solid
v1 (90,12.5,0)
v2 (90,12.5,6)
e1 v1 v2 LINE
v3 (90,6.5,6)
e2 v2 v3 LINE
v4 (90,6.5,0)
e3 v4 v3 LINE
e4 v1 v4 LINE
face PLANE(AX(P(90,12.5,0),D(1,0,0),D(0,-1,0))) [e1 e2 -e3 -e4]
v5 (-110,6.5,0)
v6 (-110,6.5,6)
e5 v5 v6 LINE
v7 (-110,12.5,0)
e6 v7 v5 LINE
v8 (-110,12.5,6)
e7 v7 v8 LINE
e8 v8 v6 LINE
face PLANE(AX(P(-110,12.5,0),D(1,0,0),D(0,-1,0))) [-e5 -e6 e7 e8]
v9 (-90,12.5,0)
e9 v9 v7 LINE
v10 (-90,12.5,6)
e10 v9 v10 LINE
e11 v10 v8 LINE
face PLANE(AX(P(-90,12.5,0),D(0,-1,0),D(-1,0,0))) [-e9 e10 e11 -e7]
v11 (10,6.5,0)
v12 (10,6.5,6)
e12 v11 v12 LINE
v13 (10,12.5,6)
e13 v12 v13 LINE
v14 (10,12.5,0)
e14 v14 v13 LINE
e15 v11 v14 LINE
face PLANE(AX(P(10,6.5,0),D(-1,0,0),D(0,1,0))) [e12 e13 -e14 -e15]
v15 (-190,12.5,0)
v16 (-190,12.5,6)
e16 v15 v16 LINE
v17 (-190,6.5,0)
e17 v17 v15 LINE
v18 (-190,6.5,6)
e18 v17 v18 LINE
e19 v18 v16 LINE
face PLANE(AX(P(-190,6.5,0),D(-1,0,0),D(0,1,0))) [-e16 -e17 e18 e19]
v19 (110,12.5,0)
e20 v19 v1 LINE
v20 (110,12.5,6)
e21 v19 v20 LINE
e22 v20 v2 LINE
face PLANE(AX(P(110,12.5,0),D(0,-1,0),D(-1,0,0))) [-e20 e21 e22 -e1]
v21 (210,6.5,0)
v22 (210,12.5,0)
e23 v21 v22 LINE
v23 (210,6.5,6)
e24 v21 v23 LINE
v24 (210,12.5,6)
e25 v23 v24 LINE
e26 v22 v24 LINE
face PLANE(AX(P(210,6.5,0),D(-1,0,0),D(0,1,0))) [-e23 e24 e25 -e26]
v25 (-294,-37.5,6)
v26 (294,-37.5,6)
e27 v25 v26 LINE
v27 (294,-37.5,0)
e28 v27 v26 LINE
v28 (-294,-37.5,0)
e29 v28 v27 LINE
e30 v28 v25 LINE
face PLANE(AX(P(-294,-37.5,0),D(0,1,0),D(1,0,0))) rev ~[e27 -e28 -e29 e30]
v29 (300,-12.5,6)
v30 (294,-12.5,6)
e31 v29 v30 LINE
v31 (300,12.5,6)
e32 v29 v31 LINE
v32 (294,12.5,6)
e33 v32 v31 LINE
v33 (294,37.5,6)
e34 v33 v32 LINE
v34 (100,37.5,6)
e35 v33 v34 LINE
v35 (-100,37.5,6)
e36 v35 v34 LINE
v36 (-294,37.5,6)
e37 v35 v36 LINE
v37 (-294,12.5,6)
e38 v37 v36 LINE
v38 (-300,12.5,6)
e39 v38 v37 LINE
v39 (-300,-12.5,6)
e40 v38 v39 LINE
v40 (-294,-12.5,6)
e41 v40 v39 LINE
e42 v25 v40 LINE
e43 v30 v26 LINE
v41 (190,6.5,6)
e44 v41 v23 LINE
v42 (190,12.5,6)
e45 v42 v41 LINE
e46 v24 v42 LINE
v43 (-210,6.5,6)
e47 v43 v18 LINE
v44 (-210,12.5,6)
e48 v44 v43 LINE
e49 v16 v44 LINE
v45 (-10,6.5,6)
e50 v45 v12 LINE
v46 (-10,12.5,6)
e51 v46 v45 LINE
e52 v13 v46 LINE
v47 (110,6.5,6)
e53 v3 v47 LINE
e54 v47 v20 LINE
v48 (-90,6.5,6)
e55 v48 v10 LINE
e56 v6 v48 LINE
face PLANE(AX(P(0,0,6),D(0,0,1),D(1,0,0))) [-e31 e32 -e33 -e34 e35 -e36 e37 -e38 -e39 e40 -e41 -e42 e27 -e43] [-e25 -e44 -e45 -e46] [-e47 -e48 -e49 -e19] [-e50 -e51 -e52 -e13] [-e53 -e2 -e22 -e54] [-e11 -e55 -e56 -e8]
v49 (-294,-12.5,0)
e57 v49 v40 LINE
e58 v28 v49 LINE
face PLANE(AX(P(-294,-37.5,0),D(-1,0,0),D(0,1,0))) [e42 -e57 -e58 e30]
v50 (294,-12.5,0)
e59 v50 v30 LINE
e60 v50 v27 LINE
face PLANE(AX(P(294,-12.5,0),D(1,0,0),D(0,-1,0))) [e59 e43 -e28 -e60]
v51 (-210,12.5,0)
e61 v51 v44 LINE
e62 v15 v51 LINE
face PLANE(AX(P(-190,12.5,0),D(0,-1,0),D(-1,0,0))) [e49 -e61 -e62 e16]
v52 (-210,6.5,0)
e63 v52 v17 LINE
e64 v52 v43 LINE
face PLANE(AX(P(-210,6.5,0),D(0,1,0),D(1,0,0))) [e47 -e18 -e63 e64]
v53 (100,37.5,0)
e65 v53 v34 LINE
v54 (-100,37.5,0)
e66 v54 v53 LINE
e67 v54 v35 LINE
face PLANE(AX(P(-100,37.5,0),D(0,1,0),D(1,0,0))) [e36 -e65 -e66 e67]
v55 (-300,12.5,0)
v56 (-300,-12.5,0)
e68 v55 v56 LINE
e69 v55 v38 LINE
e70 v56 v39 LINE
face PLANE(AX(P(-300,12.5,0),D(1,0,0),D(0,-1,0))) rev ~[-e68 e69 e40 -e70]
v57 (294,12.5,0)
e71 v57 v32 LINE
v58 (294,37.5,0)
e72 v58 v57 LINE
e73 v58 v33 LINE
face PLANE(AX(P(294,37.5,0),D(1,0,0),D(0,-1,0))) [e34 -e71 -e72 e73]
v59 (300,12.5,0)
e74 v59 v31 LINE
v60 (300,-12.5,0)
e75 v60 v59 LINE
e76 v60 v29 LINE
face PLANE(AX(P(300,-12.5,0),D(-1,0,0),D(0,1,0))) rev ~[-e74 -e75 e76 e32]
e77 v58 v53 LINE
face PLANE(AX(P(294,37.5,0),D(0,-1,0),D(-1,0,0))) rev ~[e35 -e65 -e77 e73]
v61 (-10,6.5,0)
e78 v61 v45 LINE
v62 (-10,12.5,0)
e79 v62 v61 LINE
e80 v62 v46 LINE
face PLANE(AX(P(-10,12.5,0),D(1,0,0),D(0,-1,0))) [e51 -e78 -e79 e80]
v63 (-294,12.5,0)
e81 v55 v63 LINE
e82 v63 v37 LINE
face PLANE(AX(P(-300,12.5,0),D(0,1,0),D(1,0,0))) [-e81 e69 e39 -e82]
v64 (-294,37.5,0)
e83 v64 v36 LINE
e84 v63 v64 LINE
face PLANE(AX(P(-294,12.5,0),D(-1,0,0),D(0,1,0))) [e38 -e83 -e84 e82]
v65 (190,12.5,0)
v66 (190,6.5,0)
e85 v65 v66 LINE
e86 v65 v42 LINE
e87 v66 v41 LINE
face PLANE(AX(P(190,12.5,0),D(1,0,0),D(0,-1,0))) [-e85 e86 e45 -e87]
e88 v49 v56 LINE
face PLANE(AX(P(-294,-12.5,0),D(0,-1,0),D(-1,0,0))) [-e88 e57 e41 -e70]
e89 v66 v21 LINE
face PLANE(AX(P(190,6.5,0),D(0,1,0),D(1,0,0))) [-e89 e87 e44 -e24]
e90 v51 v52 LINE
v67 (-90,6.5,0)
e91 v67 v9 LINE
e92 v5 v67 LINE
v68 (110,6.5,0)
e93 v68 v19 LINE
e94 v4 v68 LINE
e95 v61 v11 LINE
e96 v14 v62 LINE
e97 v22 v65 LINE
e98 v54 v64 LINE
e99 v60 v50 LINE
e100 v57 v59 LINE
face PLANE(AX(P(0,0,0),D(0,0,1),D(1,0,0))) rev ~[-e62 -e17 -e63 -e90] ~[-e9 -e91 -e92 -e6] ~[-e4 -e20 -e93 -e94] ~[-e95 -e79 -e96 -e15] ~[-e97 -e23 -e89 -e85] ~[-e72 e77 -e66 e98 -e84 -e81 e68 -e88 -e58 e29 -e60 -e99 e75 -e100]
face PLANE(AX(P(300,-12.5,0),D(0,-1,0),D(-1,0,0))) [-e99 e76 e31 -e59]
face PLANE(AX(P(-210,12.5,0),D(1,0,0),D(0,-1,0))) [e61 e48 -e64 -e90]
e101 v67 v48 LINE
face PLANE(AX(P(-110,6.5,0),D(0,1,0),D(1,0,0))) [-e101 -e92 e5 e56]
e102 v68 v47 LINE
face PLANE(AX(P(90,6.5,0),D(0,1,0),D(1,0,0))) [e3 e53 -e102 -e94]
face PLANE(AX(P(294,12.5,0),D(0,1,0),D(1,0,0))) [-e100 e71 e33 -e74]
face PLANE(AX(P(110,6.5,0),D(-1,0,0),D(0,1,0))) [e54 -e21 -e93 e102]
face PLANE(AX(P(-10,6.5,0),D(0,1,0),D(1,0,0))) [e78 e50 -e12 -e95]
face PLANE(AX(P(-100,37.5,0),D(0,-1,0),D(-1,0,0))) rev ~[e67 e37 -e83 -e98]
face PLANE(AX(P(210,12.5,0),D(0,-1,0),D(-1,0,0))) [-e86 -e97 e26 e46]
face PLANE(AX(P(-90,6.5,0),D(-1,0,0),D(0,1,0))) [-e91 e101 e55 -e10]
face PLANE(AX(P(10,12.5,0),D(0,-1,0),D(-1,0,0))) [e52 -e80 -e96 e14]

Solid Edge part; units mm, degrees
sketch "Sketch1" plane through (0, 0, 0) normal (0, 0, 1) x (1, 0, 0)
  line L0 (-210, 6.5) -> (-190, 6.5)
  line L1 (-190, 6.5) -> (-190, 12.5)
  line L2 (-190, 12.5) -> (-210, 12.5)
  line L3 (-210, 12.5) -> (-210, 6.5)
  line L4 (-110, 6.5) -> (-90, 6.5)
  line L5 (-90, 6.5) -> (-90, 12.5)
  line L6 (-90, 12.5) -> (-110, 12.5)
  line L7 (-110, 12.5) -> (-110, 6.5)
  line L8 (-10, 6.5) -> (10, 6.5)
  line L9 (10, 6.5) -> (10, 12.5)
  line L10 (10, 12.5) -> (-10, 12.5)
  line L11 (-10, 12.5) -> (-10, 6.5)
  line L12 (90, 6.5) -> (110, 6.5)
  line L13 (110, 6.5) -> (110, 12.5)
  line L14 (110, 12.5) -> (90, 12.5)
  line L15 (90, 12.5) -> (90, 6.5)
  line L16 (190, 6.5) -> (210, 6.5)
  line L17 (210, 6.5) -> (210, 12.5)
  line L18 (210, 12.5) -> (190, 12.5)
  line L19 (190, 12.5) -> (190, 6.5)
  line L20 (-294, -37.5) -> (294, -37.5)
  line L21 (294, -12.5) -> (294, -37.5)
  line L22 (300, -12.5) -> (294, -12.5)
  line L23 (300, -12.5) -> (300, 12.5)
  line L24 (294, 12.5) -> (300, 12.5)
  line L25 (294, 37.5) -> (294, 12.5)
  line L26 (294, 37.5) -> (100, 37.5)
  line L27 (-100, 37.5) -> (100, 37.5)
  line L28 (-100, 37.5) -> (-294, 37.5)
  line L29 (-294, 12.5) -> (-294, 37.5)
  line L30 (-300, 12.5) -> (-294, 12.5)
  line L31 (-300, 12.5) -> (-300, -12.5)
  line L32 (-294, -12.5) -> (-300, -12.5)
  line L33 (-294, -37.5) -> (-294, -12.5)
  dimension "D1" = 20
  dimension "D2" = 6
  dimension "D3" = 20
  dimension "D4" = 6
  dimension "D5" = 20
  dimension "D6" = 6
  dimension "D7" = 20
  dimension "D8" = 6
  dimension "D9" = 25
  dimension "D10" = 84
  dimension "D11" = 25
  dimension "D12" = 25
  dimension "D13" = 25
  dimension "D14" = 80
  dimension "D15" = 80
  dimension "D16" = 84
extrude "Protrusion1" add sketch "Sketch1" along normal blind 6
